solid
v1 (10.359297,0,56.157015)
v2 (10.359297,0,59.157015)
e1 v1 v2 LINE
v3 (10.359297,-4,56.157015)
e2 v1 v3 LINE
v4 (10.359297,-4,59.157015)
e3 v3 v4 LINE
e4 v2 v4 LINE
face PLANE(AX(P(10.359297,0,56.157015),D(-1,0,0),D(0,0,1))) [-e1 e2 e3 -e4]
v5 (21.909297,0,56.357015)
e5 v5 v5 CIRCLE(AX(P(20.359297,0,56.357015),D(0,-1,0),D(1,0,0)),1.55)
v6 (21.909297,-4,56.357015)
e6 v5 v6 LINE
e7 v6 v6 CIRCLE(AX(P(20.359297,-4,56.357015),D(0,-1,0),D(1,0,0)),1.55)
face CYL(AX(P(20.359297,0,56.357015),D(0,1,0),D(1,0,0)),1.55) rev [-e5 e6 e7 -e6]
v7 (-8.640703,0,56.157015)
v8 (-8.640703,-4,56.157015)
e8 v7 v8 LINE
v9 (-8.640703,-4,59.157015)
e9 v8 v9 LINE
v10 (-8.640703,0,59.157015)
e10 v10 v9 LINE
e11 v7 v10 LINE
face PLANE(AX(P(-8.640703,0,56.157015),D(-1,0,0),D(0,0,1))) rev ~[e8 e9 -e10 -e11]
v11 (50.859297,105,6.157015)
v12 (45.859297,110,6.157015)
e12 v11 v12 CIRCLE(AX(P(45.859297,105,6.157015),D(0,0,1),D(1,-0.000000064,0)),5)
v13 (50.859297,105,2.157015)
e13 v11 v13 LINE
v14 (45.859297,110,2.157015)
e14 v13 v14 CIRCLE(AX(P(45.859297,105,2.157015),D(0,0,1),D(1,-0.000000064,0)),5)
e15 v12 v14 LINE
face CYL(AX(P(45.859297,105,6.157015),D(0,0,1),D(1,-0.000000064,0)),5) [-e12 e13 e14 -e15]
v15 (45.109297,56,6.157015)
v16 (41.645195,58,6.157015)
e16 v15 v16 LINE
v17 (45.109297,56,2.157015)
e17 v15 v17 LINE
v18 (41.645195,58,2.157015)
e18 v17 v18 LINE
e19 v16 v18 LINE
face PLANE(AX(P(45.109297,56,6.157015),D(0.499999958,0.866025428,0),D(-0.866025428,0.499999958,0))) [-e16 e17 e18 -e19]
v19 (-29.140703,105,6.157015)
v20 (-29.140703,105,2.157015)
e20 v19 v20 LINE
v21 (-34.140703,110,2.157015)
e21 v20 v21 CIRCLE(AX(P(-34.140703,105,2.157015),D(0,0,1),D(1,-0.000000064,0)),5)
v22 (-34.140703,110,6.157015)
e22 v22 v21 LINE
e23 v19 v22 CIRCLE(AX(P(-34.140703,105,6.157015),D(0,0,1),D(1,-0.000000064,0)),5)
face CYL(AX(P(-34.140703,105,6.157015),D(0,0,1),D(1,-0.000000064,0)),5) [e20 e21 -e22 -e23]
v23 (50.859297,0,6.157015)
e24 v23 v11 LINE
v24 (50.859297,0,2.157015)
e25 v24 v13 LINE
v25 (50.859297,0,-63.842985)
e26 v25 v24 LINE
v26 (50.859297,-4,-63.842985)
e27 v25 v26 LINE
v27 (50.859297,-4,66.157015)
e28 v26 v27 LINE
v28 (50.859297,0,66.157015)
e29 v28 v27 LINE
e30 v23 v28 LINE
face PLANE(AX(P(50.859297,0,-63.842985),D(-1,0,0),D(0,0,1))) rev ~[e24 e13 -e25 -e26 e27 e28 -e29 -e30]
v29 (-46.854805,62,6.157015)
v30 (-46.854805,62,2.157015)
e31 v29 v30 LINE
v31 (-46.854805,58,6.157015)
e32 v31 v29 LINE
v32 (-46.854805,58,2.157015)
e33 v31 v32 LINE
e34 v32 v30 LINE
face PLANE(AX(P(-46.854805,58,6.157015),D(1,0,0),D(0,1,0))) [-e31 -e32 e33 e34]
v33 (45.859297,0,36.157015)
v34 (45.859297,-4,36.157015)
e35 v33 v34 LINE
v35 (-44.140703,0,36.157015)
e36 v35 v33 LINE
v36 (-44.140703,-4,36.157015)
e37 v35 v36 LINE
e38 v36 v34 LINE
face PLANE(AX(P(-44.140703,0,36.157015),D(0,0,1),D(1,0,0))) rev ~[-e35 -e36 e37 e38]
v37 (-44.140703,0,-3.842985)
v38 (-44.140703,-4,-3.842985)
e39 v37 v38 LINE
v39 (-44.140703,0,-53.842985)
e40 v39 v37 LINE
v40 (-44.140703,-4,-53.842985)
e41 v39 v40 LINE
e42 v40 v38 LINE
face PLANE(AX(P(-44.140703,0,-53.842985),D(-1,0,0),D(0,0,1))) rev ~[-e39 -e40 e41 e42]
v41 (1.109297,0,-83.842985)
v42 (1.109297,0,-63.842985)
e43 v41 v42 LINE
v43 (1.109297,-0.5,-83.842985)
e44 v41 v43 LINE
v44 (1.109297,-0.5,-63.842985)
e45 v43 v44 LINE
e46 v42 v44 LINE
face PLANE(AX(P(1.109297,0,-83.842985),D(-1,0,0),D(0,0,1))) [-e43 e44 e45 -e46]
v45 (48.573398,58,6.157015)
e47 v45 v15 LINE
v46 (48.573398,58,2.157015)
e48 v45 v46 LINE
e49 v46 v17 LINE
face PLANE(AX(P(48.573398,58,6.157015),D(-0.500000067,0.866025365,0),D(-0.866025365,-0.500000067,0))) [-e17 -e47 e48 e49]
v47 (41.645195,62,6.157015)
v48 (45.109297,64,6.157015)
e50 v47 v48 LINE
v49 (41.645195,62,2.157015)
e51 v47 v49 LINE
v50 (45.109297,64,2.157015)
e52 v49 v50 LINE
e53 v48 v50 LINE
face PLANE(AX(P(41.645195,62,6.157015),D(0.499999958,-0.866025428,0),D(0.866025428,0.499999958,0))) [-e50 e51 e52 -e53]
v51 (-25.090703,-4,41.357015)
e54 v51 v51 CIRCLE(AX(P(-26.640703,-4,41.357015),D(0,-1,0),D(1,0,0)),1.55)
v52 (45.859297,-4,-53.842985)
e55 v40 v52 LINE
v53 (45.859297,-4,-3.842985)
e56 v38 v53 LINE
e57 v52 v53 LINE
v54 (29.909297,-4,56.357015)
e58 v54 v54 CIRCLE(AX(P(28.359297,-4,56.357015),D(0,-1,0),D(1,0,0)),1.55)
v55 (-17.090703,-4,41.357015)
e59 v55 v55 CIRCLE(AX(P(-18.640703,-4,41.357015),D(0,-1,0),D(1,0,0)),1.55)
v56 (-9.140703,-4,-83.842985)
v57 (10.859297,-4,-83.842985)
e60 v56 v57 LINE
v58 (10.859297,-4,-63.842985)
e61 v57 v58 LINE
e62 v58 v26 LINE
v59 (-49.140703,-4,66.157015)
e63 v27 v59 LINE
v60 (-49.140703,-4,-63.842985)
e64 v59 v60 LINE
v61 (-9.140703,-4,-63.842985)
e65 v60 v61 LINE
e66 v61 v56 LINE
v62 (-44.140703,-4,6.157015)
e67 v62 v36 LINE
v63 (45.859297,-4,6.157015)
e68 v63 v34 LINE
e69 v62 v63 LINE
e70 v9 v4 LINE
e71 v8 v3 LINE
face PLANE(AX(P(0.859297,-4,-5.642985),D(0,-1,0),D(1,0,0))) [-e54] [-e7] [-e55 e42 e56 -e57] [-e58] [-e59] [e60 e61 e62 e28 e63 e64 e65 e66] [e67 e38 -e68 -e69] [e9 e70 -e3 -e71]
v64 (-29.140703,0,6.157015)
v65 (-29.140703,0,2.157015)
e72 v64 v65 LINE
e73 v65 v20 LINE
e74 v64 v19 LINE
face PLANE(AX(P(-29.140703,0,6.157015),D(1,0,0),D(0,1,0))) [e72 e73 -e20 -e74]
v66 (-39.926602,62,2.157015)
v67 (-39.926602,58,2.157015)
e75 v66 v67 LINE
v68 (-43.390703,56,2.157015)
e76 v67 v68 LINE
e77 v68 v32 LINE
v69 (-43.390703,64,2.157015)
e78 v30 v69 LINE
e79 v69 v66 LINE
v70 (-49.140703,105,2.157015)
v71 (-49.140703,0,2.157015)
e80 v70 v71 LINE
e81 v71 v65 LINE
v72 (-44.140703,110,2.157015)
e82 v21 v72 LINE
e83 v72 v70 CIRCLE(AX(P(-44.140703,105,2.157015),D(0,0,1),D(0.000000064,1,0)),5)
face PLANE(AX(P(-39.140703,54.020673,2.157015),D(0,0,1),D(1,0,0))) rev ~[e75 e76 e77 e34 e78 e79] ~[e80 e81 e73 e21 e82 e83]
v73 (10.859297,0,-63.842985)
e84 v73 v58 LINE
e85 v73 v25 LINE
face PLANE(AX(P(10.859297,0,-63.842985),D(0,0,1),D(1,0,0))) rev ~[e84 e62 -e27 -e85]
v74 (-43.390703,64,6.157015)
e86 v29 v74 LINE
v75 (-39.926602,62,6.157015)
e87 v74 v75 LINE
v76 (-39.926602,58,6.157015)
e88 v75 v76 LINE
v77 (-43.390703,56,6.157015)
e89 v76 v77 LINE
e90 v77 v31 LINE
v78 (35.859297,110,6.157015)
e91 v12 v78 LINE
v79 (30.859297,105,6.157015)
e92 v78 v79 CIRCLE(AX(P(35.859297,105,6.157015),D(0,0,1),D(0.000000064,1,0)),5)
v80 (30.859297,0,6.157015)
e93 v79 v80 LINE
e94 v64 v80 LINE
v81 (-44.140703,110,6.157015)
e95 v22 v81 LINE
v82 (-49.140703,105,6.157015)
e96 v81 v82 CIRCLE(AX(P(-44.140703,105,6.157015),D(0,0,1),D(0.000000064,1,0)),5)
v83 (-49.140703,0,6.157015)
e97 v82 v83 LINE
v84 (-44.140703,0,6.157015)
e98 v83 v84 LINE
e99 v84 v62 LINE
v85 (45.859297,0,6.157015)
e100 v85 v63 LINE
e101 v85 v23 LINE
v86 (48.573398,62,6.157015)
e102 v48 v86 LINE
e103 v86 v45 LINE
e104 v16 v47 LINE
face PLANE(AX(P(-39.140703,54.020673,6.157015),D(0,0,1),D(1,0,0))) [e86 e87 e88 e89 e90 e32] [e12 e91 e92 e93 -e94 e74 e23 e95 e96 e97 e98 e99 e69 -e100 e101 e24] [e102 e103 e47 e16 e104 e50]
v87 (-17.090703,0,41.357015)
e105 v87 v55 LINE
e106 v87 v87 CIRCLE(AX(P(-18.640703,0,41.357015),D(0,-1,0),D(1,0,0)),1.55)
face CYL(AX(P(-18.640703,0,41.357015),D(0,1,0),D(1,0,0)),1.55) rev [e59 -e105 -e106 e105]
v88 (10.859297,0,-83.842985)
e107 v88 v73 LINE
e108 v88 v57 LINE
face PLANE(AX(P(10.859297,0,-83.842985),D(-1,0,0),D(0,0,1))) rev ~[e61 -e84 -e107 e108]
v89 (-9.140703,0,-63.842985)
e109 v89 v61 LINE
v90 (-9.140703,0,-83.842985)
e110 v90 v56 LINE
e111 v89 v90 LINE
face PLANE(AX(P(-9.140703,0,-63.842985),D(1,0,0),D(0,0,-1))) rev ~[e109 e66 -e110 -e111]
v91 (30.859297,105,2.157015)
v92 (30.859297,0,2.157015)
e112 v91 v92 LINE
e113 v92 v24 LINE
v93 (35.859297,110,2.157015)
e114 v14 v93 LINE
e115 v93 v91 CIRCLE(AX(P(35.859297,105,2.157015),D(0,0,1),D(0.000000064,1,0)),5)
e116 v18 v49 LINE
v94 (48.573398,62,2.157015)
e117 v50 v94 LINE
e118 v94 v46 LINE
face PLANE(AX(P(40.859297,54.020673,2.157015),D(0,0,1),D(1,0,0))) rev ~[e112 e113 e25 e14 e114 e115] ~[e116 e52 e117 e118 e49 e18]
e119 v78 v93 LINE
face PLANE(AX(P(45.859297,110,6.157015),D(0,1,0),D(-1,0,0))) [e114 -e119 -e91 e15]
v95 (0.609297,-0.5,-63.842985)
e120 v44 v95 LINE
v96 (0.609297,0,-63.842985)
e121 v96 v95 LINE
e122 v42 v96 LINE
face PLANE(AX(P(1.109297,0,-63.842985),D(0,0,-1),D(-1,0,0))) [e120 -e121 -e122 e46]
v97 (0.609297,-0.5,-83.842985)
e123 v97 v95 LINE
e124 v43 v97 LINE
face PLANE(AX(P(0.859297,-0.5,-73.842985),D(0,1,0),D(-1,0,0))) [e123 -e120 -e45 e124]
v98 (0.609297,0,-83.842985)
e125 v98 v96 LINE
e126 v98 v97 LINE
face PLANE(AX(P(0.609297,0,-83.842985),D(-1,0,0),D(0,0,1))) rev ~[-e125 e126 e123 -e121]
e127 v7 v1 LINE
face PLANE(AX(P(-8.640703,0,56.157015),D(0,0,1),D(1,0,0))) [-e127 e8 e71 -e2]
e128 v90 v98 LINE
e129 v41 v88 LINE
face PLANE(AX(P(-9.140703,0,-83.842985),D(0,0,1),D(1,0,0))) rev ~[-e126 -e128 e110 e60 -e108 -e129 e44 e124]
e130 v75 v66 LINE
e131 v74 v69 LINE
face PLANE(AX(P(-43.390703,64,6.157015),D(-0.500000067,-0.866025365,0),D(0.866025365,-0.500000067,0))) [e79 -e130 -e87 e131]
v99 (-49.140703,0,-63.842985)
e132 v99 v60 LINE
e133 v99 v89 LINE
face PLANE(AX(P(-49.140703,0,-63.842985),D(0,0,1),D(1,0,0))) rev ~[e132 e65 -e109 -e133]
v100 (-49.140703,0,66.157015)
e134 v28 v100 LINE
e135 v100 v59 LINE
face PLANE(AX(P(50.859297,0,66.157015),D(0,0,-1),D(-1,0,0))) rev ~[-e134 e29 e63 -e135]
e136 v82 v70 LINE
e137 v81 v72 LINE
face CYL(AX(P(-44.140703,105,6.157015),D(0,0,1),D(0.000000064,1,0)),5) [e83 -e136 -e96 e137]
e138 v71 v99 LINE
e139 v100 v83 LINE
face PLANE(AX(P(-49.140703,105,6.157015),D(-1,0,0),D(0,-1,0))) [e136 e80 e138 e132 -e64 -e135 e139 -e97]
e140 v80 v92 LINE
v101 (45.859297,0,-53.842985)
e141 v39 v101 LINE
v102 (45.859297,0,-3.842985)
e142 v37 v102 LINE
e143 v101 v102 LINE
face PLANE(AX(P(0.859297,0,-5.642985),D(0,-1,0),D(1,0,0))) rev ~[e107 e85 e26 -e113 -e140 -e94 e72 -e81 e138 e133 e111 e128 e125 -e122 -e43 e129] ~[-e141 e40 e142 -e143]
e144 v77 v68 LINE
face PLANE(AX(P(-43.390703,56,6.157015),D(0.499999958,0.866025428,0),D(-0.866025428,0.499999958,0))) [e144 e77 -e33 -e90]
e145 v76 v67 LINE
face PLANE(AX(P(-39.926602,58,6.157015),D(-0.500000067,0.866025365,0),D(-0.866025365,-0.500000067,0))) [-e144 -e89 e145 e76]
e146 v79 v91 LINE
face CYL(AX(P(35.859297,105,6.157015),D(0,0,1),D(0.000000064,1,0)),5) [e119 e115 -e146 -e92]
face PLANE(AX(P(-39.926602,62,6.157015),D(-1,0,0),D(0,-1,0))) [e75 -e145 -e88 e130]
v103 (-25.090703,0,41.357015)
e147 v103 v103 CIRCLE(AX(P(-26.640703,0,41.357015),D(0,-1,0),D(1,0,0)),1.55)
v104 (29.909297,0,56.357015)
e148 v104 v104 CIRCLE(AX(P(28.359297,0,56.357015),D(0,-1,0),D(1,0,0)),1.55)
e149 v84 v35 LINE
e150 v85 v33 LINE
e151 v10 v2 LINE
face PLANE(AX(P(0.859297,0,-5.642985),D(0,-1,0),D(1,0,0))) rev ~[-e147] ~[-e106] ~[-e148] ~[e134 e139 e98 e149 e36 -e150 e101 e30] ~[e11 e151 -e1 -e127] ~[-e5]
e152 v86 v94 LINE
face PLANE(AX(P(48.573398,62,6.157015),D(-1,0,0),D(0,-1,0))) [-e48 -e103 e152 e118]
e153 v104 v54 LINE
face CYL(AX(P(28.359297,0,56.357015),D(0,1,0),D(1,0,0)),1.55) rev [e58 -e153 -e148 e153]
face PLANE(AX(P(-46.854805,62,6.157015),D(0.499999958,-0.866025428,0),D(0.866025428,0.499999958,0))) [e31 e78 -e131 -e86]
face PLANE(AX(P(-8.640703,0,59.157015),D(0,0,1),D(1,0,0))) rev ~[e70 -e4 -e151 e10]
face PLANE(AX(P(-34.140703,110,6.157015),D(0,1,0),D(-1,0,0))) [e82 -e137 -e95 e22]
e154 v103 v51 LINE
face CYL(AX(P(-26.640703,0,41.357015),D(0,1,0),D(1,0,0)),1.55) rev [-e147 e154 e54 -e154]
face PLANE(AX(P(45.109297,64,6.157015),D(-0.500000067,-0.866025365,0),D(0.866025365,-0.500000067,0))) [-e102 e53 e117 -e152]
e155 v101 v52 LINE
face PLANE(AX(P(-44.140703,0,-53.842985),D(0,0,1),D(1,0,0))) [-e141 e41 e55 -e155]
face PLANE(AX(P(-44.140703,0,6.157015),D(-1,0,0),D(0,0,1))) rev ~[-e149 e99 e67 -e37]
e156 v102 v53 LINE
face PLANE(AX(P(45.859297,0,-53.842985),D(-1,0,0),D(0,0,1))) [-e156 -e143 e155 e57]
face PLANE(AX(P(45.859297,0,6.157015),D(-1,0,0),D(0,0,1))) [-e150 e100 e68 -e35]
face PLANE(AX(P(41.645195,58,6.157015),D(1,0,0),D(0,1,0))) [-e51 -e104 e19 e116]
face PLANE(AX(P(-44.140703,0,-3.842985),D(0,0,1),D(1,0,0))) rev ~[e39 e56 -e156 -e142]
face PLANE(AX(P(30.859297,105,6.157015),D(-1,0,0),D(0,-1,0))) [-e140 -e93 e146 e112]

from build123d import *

# Parameters (mm, degrees)
F0_W     = 90
F0_H     = 50
F0_H_2   = 30
F0_R     = 1.55
F0_W_2   = 19
F0_H_3   = 3
F1_DEPTH = 4
F3_DEPTH = 4
F4_W     = 0.5
F4_H     = 20
F5_DEPTH = 0.5


with BuildPart() as f1:
    # F0 (on Front) → F1 (new body)
    with BuildSketch(Plane.XZ):
        Polygon((50.859297, 66.157015), (-49.140703, 66.157015), (-49.140703, -63.842985), (-9.140703, -63.842985), (-9.140703, -83.842985), (10.859297, -83.842985), (10.859297, -63.842985), (50.859297, -63.842985), align=None)
        with Locations((0.859297, -28.842985)):
            Rectangle(F0_W, F0_H, mode=Mode.SUBTRACT)
        with Locations((0.859297, 21.157015)):
            Rectangle(F0_W, F0_H_2, mode=Mode.SUBTRACT)
        with Locations((-26.640703, 41.357015)):
            Circle(F0_R, mode=Mode.SUBTRACT)
        with Locations((-18.640703, 41.357015)):
            Circle(F0_R, mode=Mode.SUBTRACT)
        with Locations((0.859297, 57.657015)):
            Rectangle(F0_W_2, F0_H_3, mode=Mode.SUBTRACT)
        with Locations((20.359297, 56.357015)):
            Circle(F0_R, mode=Mode.SUBTRACT)
        with Locations((28.359297, 56.357015)):
            Circle(F0_R, mode=Mode.SUBTRACT)
    extrude(amount=F1_DEPTH)

    # F2 (on face) → F3 (join)
    with BuildSketch(Plane.XY.offset(6.157015)):
        with BuildLine():
            Line((-49.140703, 105), (-49.140703, 0))
            Line((-49.140703, 0), (-29.140703, 0))
            Line((-29.140703, 0), (-29.140703, 105))
            ThreePointArc((-29.140703, 105), (-30.605169, 108.535534), (-34.140703, 110))
            Line((-34.140703, 110), (-44.140703, 110))
            ThreePointArc((-44.140703, 110), (-47.676237, 108.535534), (-49.140703, 105))
        make_face()
        Polygon((-46.854805, 62), (-43.390703, 64), (-39.926602, 62), (-39.926602, 58), (-43.390703, 56), (-46.854805, 58), align=None, mode=Mode.SUBTRACT)
        with BuildLine():
            Line((30.859297, 105), (30.859297, 0))
            Line((30.859297, 0), (50.859297, 0))
            Line((50.859297, 0), (50.859297, 105))
            ThreePointArc((50.859297, 105), (49.394831, 108.535534), (45.859297, 110))
            Line((45.859297, 110), (35.859297, 110))
            ThreePointArc((35.859297, 110), (32.323763, 108.535534), (30.859297, 105))
        make_face()
        Polygon((45.109297, 64), (48.573398, 62), (48.573398, 58), (45.109297, 56), (41.645195, 58), (41.645195, 62), align=None, mode=Mode.SUBTRACT)
    extrude(amount=-F3_DEPTH)

    # F4 (on face) → F5 (cut)
    with BuildSketch(Plane(origin=(0, 0, 0), x_dir=(-1, 0, 0), z_dir=(0, 1, 0))):
        with Locations((-0.859297, -73.842985)):
            Rectangle(F4_W, F4_H)
    extrude(amount=-F5_DEPTH, mode=Mode.SUBTRACT)


solid = f1.part
